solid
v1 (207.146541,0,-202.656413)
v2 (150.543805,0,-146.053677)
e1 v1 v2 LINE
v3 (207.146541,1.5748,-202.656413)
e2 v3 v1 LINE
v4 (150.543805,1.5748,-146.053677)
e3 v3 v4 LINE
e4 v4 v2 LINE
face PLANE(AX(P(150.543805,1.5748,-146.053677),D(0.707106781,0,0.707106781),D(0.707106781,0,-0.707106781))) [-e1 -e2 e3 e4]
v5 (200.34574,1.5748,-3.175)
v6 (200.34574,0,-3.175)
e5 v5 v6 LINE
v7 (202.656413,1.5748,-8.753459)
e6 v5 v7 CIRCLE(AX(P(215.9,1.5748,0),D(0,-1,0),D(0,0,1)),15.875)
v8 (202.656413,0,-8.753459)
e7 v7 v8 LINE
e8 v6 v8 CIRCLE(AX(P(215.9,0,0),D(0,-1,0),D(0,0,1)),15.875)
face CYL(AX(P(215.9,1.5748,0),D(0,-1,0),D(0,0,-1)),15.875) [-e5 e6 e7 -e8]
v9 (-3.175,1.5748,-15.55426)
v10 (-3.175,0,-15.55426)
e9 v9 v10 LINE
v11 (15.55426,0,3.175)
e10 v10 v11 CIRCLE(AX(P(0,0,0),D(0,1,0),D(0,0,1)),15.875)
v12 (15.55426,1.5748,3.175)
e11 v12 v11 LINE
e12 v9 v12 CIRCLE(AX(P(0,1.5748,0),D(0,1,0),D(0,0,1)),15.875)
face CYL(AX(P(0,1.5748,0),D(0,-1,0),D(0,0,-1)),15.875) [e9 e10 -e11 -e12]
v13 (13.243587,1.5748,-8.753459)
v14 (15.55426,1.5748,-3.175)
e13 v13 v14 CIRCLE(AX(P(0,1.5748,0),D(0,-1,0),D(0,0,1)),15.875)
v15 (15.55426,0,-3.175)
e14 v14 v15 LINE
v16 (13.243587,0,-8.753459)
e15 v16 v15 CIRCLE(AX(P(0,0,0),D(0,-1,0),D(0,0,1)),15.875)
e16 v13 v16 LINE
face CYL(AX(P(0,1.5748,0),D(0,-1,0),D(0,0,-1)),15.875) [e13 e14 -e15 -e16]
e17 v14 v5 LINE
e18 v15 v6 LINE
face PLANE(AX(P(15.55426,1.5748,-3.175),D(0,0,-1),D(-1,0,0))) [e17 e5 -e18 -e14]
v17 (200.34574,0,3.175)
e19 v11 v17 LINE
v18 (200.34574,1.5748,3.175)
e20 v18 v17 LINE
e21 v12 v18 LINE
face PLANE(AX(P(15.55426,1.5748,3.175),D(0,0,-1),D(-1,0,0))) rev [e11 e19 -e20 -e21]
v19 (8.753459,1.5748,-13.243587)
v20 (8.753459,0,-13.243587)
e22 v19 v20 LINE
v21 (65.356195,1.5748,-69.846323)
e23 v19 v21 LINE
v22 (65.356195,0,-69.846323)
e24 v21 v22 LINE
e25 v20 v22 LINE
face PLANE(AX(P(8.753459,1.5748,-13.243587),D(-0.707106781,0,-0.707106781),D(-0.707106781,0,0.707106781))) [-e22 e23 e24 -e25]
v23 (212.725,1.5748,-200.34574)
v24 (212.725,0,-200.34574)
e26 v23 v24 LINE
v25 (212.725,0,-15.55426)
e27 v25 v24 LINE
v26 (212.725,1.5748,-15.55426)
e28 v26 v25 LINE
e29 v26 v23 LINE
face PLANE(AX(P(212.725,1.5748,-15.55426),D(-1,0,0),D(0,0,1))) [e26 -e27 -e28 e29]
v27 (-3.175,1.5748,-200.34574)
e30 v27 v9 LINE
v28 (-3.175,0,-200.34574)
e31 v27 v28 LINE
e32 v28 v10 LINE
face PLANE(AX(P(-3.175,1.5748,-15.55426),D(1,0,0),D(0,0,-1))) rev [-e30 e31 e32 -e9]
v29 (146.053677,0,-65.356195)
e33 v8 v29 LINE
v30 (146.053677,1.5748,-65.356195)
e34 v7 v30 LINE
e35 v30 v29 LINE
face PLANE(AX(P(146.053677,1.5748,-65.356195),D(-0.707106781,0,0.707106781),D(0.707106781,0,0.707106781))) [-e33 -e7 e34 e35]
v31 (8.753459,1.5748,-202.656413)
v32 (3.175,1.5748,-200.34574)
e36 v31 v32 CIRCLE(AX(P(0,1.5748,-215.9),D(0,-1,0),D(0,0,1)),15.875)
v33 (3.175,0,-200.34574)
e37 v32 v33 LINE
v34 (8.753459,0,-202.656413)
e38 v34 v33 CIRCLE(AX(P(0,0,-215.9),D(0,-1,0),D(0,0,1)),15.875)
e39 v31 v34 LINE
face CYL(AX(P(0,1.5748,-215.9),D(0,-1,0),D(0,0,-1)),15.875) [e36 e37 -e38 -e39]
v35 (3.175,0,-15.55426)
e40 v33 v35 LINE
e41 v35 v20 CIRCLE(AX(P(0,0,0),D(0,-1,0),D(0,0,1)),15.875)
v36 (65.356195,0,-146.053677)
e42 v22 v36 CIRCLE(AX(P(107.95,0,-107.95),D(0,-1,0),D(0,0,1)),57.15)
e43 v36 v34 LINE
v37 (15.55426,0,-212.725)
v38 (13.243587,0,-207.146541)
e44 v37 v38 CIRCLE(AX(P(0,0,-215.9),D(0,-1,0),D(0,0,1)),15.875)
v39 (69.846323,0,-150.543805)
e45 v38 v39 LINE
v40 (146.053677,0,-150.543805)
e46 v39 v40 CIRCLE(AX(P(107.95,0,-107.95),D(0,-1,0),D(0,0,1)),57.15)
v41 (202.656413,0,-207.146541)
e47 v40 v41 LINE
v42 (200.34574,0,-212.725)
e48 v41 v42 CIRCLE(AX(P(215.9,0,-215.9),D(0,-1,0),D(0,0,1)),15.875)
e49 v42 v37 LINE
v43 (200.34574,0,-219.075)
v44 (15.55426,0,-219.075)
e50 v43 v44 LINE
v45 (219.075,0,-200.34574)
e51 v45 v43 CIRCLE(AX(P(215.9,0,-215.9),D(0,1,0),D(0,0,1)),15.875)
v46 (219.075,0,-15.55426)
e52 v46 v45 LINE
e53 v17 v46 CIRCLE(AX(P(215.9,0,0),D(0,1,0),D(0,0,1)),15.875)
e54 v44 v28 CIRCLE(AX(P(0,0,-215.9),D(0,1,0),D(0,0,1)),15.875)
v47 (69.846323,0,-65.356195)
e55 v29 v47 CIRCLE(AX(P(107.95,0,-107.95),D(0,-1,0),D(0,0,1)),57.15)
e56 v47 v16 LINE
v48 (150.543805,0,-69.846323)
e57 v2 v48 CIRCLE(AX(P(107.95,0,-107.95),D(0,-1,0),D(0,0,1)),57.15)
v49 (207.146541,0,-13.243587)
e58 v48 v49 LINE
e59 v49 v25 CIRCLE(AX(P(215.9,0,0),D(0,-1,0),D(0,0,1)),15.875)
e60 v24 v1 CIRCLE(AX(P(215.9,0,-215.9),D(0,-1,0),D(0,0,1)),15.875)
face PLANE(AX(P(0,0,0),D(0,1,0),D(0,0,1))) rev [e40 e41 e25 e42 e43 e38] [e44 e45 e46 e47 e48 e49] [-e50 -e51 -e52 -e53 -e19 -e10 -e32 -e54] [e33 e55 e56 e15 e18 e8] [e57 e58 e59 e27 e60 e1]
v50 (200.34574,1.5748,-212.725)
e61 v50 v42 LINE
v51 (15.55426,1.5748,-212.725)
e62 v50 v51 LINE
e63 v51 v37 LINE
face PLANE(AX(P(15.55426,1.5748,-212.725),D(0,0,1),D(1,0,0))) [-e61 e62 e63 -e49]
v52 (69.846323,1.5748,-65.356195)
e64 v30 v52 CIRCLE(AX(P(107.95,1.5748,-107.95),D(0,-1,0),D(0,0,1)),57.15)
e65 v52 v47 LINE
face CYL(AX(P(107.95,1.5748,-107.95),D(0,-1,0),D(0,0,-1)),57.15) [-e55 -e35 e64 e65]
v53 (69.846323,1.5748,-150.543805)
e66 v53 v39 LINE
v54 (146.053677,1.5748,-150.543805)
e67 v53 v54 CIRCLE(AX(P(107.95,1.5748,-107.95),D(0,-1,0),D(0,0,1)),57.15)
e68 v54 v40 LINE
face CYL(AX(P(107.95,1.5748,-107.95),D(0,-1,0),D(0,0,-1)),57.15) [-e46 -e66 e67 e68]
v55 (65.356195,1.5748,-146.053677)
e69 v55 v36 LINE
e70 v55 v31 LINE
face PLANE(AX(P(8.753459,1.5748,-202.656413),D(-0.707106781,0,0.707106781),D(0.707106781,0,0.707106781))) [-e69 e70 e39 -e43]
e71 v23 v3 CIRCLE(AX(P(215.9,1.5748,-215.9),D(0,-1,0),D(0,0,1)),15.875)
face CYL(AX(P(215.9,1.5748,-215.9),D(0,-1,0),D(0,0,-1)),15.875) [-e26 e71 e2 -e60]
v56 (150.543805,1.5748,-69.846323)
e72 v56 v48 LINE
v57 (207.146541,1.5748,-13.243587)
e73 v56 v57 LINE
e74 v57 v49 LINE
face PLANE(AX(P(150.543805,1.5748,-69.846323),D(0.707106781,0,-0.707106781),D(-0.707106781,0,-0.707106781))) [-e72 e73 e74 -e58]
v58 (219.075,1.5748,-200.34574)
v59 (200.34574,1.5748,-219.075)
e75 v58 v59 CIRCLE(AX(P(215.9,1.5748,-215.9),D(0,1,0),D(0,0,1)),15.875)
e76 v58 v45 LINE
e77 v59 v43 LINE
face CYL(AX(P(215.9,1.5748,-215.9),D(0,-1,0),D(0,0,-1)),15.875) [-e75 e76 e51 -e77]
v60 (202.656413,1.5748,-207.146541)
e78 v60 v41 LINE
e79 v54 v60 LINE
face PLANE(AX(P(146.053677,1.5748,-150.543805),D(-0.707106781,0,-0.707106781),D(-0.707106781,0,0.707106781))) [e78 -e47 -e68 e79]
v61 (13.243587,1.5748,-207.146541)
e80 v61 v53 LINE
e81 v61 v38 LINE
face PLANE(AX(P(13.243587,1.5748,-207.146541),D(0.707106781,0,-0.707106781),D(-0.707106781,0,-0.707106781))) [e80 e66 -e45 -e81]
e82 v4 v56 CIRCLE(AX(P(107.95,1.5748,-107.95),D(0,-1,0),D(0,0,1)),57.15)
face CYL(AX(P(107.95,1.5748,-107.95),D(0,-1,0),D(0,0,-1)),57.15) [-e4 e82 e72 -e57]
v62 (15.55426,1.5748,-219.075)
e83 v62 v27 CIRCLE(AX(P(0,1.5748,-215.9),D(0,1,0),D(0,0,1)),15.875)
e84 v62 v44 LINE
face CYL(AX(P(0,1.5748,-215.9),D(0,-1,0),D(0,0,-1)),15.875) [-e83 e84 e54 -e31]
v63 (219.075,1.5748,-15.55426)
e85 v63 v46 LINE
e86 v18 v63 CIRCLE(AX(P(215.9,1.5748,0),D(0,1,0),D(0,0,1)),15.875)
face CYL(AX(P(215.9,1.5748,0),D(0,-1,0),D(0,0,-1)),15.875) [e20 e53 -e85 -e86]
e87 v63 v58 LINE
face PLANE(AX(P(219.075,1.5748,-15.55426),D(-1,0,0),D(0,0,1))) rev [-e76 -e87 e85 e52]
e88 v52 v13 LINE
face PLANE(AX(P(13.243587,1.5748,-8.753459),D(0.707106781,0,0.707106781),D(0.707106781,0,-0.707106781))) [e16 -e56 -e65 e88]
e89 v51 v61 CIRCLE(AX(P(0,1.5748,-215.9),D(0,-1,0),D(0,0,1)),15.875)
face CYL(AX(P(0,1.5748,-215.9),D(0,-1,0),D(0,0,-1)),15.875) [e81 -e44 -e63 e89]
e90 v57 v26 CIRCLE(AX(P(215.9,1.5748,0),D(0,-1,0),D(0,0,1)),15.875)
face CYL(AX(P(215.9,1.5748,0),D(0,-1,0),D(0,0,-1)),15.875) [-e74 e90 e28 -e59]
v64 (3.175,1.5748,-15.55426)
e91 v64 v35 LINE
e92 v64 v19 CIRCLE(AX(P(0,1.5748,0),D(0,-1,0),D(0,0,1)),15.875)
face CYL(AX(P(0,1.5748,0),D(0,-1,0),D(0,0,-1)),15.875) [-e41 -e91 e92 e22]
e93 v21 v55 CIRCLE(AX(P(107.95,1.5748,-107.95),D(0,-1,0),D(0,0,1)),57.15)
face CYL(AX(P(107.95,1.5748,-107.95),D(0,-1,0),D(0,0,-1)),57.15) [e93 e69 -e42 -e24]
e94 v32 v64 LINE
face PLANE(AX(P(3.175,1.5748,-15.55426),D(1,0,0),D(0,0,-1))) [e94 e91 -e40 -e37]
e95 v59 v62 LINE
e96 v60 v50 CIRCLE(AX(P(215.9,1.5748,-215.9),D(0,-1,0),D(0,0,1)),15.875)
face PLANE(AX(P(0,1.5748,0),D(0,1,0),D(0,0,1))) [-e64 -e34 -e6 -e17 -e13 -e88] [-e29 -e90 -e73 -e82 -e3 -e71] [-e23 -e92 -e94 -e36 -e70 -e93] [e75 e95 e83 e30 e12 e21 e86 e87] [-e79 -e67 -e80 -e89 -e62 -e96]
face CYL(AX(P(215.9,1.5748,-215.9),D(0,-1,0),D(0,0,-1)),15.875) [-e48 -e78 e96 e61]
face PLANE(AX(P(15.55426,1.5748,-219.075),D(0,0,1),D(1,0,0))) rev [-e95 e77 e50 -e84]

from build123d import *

# Parameters (mm, degrees)
BOSS_EXTRUDE1_DEPTH = 1.5748


with BuildPart() as part:
    # Sketch1 → Boss-Extrude1 (new body)
    with BuildSketch(Plane(origin=(0, 0, 0), x_dir=(1, 0, 0), z_dir=(0, 1, 0))):
        with BuildLine():
            Line((219.075, 15.554259867), (219.075, 200.345740133))
            ThreePointArc((219.075, 200.345740133), (227.125320151, 227.125320151), (200.345740133, 219.075))
            Line((200.345740133, 219.075), (15.554259867, 219.075))
            ThreePointArc((15.554259867, 219.075), (-11.225320151, 227.125320151), (-3.175, 200.345740133))
            Line((-3.175, 200.345740133), (-3.175, 15.554259867))
            ThreePointArc((-3.175, 15.554259867), (-11.225320151, -11.225320151), (15.554259867, -3.175))
            Line((15.554259867, -3.175), (200.345740133, -3.175))
            ThreePointArc((200.345740133, -3.175), (227.125320151, -11.225320151), (219.075, 15.554259867))
        make_face()
        with BuildLine():
            Line((15.554259867, 3.175), (200.345740133, 3.175))
            ThreePointArc((200.345740133, 3.175), (201.233412421, 6.075099489), (202.656413342, 8.753458598))
            Line((202.656413342, 8.753458598), (146.053677431, 65.356194509))
            ThreePointArc((146.053677431, 65.356194509), (107.95, 50.8), (69.846322569, 65.356194509))
            Line((69.846322569, 65.356194509), (13.243586658, 8.753458598))
            ThreePointArc((13.243586658, 8.753458598), (14.666587579, 6.075099489), (15.554259867, 3.175))
        make_face(mode=Mode.SUBTRACT)
        with BuildLine():
            Line((8.753458598, 13.243586658), (65.356194509, 69.846322569))
            ThreePointArc((65.356194509, 69.846322569), (50.8, 107.95), (65.356194509, 146.053677431))
            Line((65.356194509, 146.053677431), (8.753458598, 202.656413342))
            ThreePointArc((8.753458598, 202.656413342), (6.075099489, 201.233412421), (3.175, 200.345740133))
            Line((3.175, 200.345740133), (3.175, 15.554259867))
            ThreePointArc((3.175, 15.554259867), (6.075099489, 14.666587579), (8.753458598, 13.243586658))
        make_face(mode=Mode.SUBTRACT)
        with BuildLine():
            Line((212.725, 15.554259867), (212.725, 200.345740133))
            ThreePointArc((212.725, 200.345740133), (209.824900511, 201.233412421), (207.146541402, 202.656413342))
            Line((207.146541402, 202.656413342), (150.543805491, 146.053677431))
            ThreePointArc((150.543805491, 146.053677431), (165.1, 107.95), (150.543805491, 69.846322569))
            Line((150.543805491, 69.846322569), (207.146541402, 13.243586658))
            ThreePointArc((207.146541402, 13.243586658), (209.824900511, 14.666587579), (212.725, 15.554259867))
        make_face(mode=Mode.SUBTRACT)
        with BuildLine():
            Line((15.554259867, 212.725), (200.345740133, 212.725))
            ThreePointArc((200.345740133, 212.725), (201.233412421, 209.824900511), (202.656413342, 207.146541402))
            Line((202.656413342, 207.146541402), (146.053677431, 150.543805491))
            ThreePointArc((146.053677431, 150.543805491), (107.95, 165.1), (69.846322569, 150.543805491))
            Line((69.846322569, 150.543805491), (13.243586658, 207.146541402))
            ThreePointArc((13.243586658, 207.146541402), (14.666587579, 209.824900511), (15.554259867, 212.725))
        make_face(mode=Mode.SUBTRACT)
    extrude(amount=BOSS_EXTRUDE1_DEPTH)


solid = part.part
